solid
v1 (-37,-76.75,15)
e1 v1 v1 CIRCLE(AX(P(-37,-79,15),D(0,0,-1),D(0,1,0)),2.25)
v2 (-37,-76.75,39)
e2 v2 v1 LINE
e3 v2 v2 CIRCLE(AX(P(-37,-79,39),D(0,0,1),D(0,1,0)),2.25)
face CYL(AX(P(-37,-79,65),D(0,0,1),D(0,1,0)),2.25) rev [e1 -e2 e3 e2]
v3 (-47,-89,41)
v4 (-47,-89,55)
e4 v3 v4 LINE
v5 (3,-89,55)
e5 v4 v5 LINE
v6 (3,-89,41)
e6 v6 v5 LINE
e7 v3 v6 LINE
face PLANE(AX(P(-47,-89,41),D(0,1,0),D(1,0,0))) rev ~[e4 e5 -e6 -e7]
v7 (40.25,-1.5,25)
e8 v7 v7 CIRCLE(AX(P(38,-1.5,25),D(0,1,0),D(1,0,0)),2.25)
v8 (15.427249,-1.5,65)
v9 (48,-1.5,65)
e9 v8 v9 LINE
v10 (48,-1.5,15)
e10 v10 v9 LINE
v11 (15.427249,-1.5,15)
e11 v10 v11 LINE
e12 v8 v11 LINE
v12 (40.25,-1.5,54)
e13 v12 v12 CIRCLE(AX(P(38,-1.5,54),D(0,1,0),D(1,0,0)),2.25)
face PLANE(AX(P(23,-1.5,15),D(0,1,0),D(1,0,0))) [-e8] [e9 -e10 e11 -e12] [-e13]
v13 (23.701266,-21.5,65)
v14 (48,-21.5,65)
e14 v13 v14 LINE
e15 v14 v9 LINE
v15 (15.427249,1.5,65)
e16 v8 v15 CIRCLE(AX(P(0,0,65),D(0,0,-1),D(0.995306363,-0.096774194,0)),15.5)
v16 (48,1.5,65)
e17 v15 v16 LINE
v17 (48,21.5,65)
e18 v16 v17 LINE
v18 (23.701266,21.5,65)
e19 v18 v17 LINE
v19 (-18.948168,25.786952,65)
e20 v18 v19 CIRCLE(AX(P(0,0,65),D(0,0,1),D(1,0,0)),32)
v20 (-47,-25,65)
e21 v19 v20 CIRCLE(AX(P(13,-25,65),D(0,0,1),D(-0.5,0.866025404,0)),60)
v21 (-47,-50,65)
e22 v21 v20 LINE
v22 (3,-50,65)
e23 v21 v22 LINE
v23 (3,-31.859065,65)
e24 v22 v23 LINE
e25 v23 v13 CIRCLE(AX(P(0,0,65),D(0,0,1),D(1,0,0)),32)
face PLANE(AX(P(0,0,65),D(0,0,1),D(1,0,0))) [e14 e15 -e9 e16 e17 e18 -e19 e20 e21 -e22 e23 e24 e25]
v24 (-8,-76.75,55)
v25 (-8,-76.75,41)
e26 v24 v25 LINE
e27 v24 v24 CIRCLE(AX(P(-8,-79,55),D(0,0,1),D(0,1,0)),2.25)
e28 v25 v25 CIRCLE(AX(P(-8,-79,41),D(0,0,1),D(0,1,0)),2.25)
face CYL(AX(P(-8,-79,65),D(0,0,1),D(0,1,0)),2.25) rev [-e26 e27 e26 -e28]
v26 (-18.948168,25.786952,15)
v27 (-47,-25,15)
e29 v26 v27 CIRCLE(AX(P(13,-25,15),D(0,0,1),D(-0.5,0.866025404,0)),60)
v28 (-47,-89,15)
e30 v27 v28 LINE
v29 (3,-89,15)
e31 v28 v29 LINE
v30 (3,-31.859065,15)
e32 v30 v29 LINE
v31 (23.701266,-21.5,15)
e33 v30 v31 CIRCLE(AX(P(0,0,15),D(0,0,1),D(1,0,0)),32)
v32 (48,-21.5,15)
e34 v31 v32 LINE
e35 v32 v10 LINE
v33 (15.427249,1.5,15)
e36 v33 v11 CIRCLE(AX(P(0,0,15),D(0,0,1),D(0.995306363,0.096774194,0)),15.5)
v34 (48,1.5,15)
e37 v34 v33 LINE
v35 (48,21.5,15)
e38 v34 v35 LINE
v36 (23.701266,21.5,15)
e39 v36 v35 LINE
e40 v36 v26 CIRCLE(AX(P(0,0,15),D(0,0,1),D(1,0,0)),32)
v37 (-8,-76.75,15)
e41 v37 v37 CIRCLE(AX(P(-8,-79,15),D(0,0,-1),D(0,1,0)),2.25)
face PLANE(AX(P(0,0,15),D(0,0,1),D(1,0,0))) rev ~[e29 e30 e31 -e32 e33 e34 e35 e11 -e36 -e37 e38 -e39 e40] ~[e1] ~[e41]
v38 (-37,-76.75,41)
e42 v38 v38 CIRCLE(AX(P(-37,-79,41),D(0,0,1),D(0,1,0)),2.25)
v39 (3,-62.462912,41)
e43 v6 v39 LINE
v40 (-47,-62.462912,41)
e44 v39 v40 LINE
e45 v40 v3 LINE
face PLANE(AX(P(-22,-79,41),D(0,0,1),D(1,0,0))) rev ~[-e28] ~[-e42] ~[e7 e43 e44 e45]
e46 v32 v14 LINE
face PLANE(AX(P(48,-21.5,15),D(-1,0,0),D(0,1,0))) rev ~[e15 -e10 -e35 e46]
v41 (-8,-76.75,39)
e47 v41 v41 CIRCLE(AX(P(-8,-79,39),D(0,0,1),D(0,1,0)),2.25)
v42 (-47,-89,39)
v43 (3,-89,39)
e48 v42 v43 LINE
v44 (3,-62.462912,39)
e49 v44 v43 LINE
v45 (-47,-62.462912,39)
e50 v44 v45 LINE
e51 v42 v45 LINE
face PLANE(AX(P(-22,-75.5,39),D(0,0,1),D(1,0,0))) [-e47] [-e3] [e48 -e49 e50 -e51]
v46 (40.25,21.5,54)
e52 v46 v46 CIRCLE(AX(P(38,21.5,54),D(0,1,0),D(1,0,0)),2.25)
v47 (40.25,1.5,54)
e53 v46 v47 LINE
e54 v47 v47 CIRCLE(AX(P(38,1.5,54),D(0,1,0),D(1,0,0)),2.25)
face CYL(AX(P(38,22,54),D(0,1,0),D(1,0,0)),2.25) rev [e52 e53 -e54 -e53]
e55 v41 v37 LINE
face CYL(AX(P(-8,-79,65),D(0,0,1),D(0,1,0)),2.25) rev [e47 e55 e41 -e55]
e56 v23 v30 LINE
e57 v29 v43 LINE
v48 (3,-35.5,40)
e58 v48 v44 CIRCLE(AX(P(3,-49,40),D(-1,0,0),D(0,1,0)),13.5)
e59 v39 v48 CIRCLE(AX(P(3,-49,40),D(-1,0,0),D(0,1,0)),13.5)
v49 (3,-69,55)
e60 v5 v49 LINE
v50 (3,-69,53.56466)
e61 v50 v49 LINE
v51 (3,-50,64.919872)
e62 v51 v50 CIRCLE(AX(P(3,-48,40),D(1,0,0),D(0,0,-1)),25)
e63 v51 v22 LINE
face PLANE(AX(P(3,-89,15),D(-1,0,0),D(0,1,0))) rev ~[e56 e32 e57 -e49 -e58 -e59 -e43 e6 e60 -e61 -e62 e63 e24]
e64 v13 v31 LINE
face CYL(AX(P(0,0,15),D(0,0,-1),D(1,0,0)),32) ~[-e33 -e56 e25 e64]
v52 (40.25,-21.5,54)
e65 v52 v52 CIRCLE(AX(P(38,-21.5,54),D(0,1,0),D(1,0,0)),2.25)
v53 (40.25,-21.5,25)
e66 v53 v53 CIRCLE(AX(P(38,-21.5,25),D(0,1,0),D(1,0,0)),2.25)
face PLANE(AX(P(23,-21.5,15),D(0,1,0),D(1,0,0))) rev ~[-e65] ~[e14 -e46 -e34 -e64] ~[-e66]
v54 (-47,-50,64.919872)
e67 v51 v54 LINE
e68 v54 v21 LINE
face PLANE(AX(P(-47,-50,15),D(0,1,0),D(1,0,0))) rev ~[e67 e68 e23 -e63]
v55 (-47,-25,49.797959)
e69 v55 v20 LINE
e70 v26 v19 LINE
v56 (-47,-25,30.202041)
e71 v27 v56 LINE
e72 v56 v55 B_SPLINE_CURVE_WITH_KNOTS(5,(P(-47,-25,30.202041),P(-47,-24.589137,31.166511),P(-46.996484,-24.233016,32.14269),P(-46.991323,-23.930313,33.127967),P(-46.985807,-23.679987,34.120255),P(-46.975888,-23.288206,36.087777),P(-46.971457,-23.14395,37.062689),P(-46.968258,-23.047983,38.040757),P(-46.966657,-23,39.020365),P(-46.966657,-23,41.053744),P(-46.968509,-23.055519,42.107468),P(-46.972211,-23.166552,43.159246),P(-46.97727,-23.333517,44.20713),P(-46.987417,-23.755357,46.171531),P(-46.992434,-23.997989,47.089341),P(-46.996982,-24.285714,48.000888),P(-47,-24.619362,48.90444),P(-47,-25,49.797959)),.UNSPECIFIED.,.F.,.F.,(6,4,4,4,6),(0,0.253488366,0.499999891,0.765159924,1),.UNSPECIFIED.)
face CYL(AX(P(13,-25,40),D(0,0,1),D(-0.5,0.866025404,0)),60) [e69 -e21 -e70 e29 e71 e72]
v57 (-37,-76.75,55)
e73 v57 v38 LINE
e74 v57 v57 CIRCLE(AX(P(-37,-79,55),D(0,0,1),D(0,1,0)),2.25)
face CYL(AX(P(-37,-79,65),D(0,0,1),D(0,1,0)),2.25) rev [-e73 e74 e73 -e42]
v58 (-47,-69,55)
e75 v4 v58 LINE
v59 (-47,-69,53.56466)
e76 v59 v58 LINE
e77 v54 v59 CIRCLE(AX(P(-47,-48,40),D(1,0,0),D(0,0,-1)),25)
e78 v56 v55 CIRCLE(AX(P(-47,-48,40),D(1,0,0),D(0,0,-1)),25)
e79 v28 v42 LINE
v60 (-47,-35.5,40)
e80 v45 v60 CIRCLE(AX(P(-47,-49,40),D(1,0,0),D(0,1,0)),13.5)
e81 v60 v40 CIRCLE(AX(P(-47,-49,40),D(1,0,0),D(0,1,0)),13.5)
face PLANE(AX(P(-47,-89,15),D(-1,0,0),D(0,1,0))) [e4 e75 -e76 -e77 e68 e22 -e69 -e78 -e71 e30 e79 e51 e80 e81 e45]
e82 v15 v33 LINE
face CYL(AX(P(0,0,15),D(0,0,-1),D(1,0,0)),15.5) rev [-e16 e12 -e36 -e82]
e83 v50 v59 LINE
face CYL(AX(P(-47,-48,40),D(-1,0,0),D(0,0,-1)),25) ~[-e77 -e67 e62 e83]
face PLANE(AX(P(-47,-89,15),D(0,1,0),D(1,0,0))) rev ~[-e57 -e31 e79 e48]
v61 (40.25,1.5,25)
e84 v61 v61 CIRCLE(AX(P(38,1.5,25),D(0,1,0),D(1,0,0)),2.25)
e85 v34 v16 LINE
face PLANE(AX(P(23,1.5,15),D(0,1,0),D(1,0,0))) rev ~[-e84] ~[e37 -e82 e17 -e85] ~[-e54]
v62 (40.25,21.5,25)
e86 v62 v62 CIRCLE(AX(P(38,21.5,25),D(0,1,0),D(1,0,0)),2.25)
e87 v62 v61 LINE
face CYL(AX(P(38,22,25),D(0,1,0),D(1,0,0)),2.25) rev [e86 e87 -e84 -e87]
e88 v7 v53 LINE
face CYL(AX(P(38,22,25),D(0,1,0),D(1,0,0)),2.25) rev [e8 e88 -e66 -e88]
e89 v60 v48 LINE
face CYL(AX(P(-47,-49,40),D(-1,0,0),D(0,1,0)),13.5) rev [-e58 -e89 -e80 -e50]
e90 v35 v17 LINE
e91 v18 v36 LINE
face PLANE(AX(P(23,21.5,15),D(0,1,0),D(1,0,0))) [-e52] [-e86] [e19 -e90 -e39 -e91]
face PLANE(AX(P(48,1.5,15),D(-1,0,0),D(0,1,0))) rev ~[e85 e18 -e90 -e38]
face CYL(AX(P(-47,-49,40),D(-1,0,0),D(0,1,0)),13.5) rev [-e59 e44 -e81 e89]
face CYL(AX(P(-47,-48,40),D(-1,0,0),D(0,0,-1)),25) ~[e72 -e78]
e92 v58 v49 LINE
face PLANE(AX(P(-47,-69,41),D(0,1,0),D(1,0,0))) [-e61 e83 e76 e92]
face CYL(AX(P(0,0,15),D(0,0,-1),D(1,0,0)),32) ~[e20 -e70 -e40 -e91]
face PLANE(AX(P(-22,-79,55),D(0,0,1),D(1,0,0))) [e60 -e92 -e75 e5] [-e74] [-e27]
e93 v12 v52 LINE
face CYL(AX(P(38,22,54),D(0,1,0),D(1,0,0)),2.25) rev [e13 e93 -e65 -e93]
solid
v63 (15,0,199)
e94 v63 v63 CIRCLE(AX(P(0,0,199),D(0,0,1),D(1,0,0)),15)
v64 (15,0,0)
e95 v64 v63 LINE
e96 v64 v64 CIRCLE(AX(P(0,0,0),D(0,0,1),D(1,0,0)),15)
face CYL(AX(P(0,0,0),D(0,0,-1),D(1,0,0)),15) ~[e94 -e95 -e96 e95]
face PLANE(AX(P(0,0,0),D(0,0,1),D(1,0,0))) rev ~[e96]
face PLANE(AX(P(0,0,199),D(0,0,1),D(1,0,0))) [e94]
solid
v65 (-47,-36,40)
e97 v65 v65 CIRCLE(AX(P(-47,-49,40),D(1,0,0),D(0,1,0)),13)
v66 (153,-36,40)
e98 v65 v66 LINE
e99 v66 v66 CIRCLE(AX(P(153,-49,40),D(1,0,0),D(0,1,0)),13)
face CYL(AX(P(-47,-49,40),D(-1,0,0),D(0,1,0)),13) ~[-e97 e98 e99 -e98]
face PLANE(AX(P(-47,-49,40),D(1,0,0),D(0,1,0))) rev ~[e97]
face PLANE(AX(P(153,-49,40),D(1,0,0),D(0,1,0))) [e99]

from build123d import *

# Parameters (mm, degrees)
CYLINDER_R                  = 15
CYLINDER_DEPTH              = 199
CYLINDER001_R               = 13
CYLINDER001_DEPTH           = 200
CYLINDER005_R               = 2.25
CYLINDER005_DEPTH           = 50
CYLINDER006_R               = 2.25
CYLINDER006_DEPTH           = 50
FUSION_ROLL_ANGLE           = 90
FUSION_PLACEMENT_ANGLE      = 90
CYLINDER007_R               = 2.25
CYLINDER007_DEPTH           = 50
CYLINDER008_R               = 2.25
CYLINDER008_DEPTH           = 50
CYLINDER004_R               = 15.5
CYLINDER004_DEPTH           = 199
CYLINDER003_R               = 13.5
CYLINDER003_DEPTH           = 200
BOX006_W                    = 50
BOX006_H                    = 27
BOX006_DEPTH                = 2
BOX_W                       = 20
BOX_H                       = 3
BOX_DEPTH                   = 50
CYLINDER002_W               = 60
CYLINDER002_H               = 50
CYLINDER002_ANGLE           = 60
CYLINDER002_PLACEMENT_ANGLE = 120
BOX005_W                    = 50
BOX005_H                    = 20
BOX005_DEPTH                = 14
BOX004_W                    = 50
BOX004_H                    = 25
BOX004_DEPTH                = 14
BOX003_W                    = 50
BOX003_H                    = 63
BOX003_DEPTH                = 10
BOX002_W                    = 25
BOX002_H                    = 20
BOX002_DEPTH                = 50
BOX001_W                    = 25
BOX001_H                    = 20
BOX001_DEPTH                = 50
TUBE001_R                   = 25
TUBE001_R_2                 = 13.5
TUBE001_DEPTH               = 50
TUBE_R                      = 32
TUBE_R_2                    = 15.5
TUBE_DEPTH                  = 50
BOX007_W                    = 50
BOX007_H                    = 25
BOX007_DEPTH                = 50


with BuildPart() as horizontal:
    # Cylinder → Cylinder (new body)
    with BuildSketch(Plane.XY):
        Circle(CYLINDER_R)
    extrude(amount=CYLINDER_DEPTH)


with BuildPart() as vertical:
    # Cylinder001 → Cylinder001 (new body)
    with BuildSketch(Plane(origin=(-47, -49, 40), x_dir=(0, 1, 0), z_dir=(1, 0, 0))):
        Circle(CYLINDER001_R)
    extrude(amount=CYLINDER001_DEPTH)


with BuildPart() as m4s:
    # Cylinder005 → Cylinder005 (new body)
    with BuildSketch(Plane(origin=(38, 22, 25), x_dir=(1, 0, 0), z_dir=(0, -1, 0))):
        Circle(CYLINDER005_R)
    extrude(amount=CYLINDER005_DEPTH)


with BuildPart() as m4s002:
    # Cylinder006 → Cylinder006 (new body)
    with BuildSketch(Plane(origin=(38, 22, 54), x_dir=(1, 0, 0), z_dir=(0, -1, 0))):
        Circle(CYLINDER006_R)
    extrude(amount=CYLINDER006_DEPTH)

    # Fusion: union m4s
    add(m4s.part)


with BuildPart() as m4s002_1:
    # Fusion roll: moved
    add(m4s002.part.rotate(Axis((0, 0, 0), (1, 0, 0)), FUSION_ROLL_ANGLE))


with BuildPart() as m4s002_2:
    # Fusion placement: moved
    add(m4s002_1.part.moved(Location((-62, -117, 43))).rotate(Axis((-62, -117, 43), (0, 0, 1)), FUSION_PLACEMENT_ANGLE))


with BuildPart() as m4s004:
    # Cylinder007 → Cylinder007 (new body)
    with BuildSketch(Plane(origin=(38, 22, 25), x_dir=(1, 0, 0), z_dir=(0, -1, 0))):
        Circle(CYLINDER007_R)
    extrude(amount=CYLINDER007_DEPTH)


with BuildPart() as m4s003:
    # Cylinder008 → Cylinder008 (new body)
    with BuildSketch(Plane(origin=(38, 22, 54), x_dir=(1, 0, 0), z_dir=(0, -1, 0))):
        Circle(CYLINDER008_R)
    extrude(amount=CYLINDER008_DEPTH)

    # Fusion001: union m4s004
    add(m4s004.part)


with BuildPart() as horizontal001cuts:
    # Cylinder004 → Cylinder004 (new body)
    with BuildSketch(Plane.XY):
        Circle(CYLINDER004_R)
    extrude(amount=CYLINDER004_DEPTH)


with BuildPart() as vertical001cuts:
    # Cylinder003 → Cylinder003 (new body)
    with BuildSketch(Plane(origin=(-47, -49, 40), x_dir=(0, 1, 0), z_dir=(1, 0, 0))):
        Circle(CYLINDER003_R)
    extrude(amount=CYLINDER003_DEPTH)


with BuildPart() as vercuts:
    # Box006 → Box006 (new body)
    with BuildSketch(Plane(origin=(-47, -89, 39), x_dir=(1, 0, 0), z_dir=(0, 0, 1))):
        with Locations((25, 13.5)):
            Rectangle(BOX006_W, BOX006_H)
    extrude(amount=BOX006_DEPTH)


with BuildPart() as cuts:
    # Box → Box (new body)
    with BuildSketch(Plane(origin=(14, -1.5, 15), x_dir=(1, 0, 0), z_dir=(0, 0, 1))):
        with Locations((10, 1.5)):
            Rectangle(BOX_W, BOX_H)
    extrude(amount=BOX_DEPTH)

    # Fusion002: union m4s002, m4s003, Horizontal001Cuts, Vertical001Cuts, verCuts
    add(m4s002_2.part)
    add(m4s003.part)
    add(horizontal001cuts.part)
    add(vertical001cuts.part)
    add(vercuts.part)


with BuildPart() as addcylinder:
    # Cylinder002 → Cylinder002 (revolve)
    with BuildSketch(Plane.XZ):
        with Locations((30, 25)):
            Rectangle(CYLINDER002_W, CYLINDER002_H)
    revolve(axis=Axis((0, 0, 0), (0, 0, 1)), revolution_arc=CYLINDER002_ANGLE)


with BuildPart() as addcylinder_1:
    # Cylinder002 placement: moved
    add(addcylinder.part.moved(Location((13, -25, 15))).rotate(Axis((13, -25, 15), (0, 0, 1)), CYLINDER002_PLACEMENT_ANGLE))


with BuildPart() as veraddons002:
    # Box005 → Box005 (new body)
    with BuildSketch(Plane(origin=(-47, -89, 41), x_dir=(1, 0, 0), z_dir=(0, 0, 1))):
        with Locations((25, 10)):
            Rectangle(BOX005_W, BOX005_H)
    extrude(amount=BOX005_DEPTH)


with BuildPart() as veraddons001:
    # Box004 → Box004 (new body)
    with BuildSketch(Plane(origin=(-47, -89, 25), x_dir=(1, 0, 0), z_dir=(0, 0, 1))):
        with Locations((25, 12.5)):
            Rectangle(BOX004_W, BOX004_H)
    extrude(amount=BOX004_DEPTH)


with BuildPart() as veraddons:
    # Box003 → Box003 (new body)
    with BuildSketch(Plane(origin=(-47, -89, 15), x_dir=(1, 0, 0), z_dir=(0, 0, 1))):
        with Locations((25, 31.5)):
            Rectangle(BOX003_W, BOX003_H)
    extrude(amount=BOX003_DEPTH)


with BuildPart() as horadd001:
    # Box002 → Box002 (new body)
    with BuildSketch(Plane(origin=(23, 1.5, 15), x_dir=(1, 0, 0), z_dir=(0, 0, 1))):
        with Locations((12.5, 10)):
            Rectangle(BOX002_W, BOX002_H)
    extrude(amount=BOX002_DEPTH)


with BuildPart() as horadd:
    # Box001 → Box001 (new body)
    with BuildSketch(Plane(origin=(23, -21.5, 15), x_dir=(1, 0, 0), z_dir=(0, 0, 1))):
        with Locations((12.5, 10)):
            Rectangle(BOX001_W, BOX001_H)
    extrude(amount=BOX001_DEPTH)


with BuildPart() as tubeaddons001:
    # Tube001 → Tube001 (new body)
    with BuildSketch(Plane(origin=(-47, -48, 40), x_dir=(0, 0, -1), z_dir=(1, 0, 0))):
        Circle(TUBE001_R)
        Circle(TUBE001_R_2, mode=Mode.SUBTRACT)
    extrude(amount=TUBE001_DEPTH)


with BuildPart() as tubeaddons:
    # Tube → Tube (new body)
    with BuildSketch(Plane.XY.offset(15)):
        Circle(TUBE_R)
        Circle(TUBE_R_2, mode=Mode.SUBTRACT)
    extrude(amount=TUBE_DEPTH)


with BuildPart() as left:
    # Box007 → Box007 (new body)
    with BuildSketch(Plane(origin=(-47, -50, 15), x_dir=(1, 0, 0), z_dir=(0, 0, 1))):
        with Locations((25, 12.5)):
            Rectangle(BOX007_W, BOX007_H)
    extrude(amount=BOX007_DEPTH)

    # Fusion003: union AddCylinder, VerAddons002, VerAddons001, VerAddons, horAdd001, horAdd, TubeAddons001, TubeAddons
    add(addcylinder_1.part)
    add(veraddons002.part)
    add(veraddons001.part)
    add(veraddons.part)
    add(horadd001.part)
    add(horadd.part)
    add(tubeaddons001.part)
    add(tubeaddons.part)

    # Cut: cut cuts
    add(cuts.part, mode=Mode.SUBTRACT)


solid = Compound([horizontal.part, vertical.part, left.part])
